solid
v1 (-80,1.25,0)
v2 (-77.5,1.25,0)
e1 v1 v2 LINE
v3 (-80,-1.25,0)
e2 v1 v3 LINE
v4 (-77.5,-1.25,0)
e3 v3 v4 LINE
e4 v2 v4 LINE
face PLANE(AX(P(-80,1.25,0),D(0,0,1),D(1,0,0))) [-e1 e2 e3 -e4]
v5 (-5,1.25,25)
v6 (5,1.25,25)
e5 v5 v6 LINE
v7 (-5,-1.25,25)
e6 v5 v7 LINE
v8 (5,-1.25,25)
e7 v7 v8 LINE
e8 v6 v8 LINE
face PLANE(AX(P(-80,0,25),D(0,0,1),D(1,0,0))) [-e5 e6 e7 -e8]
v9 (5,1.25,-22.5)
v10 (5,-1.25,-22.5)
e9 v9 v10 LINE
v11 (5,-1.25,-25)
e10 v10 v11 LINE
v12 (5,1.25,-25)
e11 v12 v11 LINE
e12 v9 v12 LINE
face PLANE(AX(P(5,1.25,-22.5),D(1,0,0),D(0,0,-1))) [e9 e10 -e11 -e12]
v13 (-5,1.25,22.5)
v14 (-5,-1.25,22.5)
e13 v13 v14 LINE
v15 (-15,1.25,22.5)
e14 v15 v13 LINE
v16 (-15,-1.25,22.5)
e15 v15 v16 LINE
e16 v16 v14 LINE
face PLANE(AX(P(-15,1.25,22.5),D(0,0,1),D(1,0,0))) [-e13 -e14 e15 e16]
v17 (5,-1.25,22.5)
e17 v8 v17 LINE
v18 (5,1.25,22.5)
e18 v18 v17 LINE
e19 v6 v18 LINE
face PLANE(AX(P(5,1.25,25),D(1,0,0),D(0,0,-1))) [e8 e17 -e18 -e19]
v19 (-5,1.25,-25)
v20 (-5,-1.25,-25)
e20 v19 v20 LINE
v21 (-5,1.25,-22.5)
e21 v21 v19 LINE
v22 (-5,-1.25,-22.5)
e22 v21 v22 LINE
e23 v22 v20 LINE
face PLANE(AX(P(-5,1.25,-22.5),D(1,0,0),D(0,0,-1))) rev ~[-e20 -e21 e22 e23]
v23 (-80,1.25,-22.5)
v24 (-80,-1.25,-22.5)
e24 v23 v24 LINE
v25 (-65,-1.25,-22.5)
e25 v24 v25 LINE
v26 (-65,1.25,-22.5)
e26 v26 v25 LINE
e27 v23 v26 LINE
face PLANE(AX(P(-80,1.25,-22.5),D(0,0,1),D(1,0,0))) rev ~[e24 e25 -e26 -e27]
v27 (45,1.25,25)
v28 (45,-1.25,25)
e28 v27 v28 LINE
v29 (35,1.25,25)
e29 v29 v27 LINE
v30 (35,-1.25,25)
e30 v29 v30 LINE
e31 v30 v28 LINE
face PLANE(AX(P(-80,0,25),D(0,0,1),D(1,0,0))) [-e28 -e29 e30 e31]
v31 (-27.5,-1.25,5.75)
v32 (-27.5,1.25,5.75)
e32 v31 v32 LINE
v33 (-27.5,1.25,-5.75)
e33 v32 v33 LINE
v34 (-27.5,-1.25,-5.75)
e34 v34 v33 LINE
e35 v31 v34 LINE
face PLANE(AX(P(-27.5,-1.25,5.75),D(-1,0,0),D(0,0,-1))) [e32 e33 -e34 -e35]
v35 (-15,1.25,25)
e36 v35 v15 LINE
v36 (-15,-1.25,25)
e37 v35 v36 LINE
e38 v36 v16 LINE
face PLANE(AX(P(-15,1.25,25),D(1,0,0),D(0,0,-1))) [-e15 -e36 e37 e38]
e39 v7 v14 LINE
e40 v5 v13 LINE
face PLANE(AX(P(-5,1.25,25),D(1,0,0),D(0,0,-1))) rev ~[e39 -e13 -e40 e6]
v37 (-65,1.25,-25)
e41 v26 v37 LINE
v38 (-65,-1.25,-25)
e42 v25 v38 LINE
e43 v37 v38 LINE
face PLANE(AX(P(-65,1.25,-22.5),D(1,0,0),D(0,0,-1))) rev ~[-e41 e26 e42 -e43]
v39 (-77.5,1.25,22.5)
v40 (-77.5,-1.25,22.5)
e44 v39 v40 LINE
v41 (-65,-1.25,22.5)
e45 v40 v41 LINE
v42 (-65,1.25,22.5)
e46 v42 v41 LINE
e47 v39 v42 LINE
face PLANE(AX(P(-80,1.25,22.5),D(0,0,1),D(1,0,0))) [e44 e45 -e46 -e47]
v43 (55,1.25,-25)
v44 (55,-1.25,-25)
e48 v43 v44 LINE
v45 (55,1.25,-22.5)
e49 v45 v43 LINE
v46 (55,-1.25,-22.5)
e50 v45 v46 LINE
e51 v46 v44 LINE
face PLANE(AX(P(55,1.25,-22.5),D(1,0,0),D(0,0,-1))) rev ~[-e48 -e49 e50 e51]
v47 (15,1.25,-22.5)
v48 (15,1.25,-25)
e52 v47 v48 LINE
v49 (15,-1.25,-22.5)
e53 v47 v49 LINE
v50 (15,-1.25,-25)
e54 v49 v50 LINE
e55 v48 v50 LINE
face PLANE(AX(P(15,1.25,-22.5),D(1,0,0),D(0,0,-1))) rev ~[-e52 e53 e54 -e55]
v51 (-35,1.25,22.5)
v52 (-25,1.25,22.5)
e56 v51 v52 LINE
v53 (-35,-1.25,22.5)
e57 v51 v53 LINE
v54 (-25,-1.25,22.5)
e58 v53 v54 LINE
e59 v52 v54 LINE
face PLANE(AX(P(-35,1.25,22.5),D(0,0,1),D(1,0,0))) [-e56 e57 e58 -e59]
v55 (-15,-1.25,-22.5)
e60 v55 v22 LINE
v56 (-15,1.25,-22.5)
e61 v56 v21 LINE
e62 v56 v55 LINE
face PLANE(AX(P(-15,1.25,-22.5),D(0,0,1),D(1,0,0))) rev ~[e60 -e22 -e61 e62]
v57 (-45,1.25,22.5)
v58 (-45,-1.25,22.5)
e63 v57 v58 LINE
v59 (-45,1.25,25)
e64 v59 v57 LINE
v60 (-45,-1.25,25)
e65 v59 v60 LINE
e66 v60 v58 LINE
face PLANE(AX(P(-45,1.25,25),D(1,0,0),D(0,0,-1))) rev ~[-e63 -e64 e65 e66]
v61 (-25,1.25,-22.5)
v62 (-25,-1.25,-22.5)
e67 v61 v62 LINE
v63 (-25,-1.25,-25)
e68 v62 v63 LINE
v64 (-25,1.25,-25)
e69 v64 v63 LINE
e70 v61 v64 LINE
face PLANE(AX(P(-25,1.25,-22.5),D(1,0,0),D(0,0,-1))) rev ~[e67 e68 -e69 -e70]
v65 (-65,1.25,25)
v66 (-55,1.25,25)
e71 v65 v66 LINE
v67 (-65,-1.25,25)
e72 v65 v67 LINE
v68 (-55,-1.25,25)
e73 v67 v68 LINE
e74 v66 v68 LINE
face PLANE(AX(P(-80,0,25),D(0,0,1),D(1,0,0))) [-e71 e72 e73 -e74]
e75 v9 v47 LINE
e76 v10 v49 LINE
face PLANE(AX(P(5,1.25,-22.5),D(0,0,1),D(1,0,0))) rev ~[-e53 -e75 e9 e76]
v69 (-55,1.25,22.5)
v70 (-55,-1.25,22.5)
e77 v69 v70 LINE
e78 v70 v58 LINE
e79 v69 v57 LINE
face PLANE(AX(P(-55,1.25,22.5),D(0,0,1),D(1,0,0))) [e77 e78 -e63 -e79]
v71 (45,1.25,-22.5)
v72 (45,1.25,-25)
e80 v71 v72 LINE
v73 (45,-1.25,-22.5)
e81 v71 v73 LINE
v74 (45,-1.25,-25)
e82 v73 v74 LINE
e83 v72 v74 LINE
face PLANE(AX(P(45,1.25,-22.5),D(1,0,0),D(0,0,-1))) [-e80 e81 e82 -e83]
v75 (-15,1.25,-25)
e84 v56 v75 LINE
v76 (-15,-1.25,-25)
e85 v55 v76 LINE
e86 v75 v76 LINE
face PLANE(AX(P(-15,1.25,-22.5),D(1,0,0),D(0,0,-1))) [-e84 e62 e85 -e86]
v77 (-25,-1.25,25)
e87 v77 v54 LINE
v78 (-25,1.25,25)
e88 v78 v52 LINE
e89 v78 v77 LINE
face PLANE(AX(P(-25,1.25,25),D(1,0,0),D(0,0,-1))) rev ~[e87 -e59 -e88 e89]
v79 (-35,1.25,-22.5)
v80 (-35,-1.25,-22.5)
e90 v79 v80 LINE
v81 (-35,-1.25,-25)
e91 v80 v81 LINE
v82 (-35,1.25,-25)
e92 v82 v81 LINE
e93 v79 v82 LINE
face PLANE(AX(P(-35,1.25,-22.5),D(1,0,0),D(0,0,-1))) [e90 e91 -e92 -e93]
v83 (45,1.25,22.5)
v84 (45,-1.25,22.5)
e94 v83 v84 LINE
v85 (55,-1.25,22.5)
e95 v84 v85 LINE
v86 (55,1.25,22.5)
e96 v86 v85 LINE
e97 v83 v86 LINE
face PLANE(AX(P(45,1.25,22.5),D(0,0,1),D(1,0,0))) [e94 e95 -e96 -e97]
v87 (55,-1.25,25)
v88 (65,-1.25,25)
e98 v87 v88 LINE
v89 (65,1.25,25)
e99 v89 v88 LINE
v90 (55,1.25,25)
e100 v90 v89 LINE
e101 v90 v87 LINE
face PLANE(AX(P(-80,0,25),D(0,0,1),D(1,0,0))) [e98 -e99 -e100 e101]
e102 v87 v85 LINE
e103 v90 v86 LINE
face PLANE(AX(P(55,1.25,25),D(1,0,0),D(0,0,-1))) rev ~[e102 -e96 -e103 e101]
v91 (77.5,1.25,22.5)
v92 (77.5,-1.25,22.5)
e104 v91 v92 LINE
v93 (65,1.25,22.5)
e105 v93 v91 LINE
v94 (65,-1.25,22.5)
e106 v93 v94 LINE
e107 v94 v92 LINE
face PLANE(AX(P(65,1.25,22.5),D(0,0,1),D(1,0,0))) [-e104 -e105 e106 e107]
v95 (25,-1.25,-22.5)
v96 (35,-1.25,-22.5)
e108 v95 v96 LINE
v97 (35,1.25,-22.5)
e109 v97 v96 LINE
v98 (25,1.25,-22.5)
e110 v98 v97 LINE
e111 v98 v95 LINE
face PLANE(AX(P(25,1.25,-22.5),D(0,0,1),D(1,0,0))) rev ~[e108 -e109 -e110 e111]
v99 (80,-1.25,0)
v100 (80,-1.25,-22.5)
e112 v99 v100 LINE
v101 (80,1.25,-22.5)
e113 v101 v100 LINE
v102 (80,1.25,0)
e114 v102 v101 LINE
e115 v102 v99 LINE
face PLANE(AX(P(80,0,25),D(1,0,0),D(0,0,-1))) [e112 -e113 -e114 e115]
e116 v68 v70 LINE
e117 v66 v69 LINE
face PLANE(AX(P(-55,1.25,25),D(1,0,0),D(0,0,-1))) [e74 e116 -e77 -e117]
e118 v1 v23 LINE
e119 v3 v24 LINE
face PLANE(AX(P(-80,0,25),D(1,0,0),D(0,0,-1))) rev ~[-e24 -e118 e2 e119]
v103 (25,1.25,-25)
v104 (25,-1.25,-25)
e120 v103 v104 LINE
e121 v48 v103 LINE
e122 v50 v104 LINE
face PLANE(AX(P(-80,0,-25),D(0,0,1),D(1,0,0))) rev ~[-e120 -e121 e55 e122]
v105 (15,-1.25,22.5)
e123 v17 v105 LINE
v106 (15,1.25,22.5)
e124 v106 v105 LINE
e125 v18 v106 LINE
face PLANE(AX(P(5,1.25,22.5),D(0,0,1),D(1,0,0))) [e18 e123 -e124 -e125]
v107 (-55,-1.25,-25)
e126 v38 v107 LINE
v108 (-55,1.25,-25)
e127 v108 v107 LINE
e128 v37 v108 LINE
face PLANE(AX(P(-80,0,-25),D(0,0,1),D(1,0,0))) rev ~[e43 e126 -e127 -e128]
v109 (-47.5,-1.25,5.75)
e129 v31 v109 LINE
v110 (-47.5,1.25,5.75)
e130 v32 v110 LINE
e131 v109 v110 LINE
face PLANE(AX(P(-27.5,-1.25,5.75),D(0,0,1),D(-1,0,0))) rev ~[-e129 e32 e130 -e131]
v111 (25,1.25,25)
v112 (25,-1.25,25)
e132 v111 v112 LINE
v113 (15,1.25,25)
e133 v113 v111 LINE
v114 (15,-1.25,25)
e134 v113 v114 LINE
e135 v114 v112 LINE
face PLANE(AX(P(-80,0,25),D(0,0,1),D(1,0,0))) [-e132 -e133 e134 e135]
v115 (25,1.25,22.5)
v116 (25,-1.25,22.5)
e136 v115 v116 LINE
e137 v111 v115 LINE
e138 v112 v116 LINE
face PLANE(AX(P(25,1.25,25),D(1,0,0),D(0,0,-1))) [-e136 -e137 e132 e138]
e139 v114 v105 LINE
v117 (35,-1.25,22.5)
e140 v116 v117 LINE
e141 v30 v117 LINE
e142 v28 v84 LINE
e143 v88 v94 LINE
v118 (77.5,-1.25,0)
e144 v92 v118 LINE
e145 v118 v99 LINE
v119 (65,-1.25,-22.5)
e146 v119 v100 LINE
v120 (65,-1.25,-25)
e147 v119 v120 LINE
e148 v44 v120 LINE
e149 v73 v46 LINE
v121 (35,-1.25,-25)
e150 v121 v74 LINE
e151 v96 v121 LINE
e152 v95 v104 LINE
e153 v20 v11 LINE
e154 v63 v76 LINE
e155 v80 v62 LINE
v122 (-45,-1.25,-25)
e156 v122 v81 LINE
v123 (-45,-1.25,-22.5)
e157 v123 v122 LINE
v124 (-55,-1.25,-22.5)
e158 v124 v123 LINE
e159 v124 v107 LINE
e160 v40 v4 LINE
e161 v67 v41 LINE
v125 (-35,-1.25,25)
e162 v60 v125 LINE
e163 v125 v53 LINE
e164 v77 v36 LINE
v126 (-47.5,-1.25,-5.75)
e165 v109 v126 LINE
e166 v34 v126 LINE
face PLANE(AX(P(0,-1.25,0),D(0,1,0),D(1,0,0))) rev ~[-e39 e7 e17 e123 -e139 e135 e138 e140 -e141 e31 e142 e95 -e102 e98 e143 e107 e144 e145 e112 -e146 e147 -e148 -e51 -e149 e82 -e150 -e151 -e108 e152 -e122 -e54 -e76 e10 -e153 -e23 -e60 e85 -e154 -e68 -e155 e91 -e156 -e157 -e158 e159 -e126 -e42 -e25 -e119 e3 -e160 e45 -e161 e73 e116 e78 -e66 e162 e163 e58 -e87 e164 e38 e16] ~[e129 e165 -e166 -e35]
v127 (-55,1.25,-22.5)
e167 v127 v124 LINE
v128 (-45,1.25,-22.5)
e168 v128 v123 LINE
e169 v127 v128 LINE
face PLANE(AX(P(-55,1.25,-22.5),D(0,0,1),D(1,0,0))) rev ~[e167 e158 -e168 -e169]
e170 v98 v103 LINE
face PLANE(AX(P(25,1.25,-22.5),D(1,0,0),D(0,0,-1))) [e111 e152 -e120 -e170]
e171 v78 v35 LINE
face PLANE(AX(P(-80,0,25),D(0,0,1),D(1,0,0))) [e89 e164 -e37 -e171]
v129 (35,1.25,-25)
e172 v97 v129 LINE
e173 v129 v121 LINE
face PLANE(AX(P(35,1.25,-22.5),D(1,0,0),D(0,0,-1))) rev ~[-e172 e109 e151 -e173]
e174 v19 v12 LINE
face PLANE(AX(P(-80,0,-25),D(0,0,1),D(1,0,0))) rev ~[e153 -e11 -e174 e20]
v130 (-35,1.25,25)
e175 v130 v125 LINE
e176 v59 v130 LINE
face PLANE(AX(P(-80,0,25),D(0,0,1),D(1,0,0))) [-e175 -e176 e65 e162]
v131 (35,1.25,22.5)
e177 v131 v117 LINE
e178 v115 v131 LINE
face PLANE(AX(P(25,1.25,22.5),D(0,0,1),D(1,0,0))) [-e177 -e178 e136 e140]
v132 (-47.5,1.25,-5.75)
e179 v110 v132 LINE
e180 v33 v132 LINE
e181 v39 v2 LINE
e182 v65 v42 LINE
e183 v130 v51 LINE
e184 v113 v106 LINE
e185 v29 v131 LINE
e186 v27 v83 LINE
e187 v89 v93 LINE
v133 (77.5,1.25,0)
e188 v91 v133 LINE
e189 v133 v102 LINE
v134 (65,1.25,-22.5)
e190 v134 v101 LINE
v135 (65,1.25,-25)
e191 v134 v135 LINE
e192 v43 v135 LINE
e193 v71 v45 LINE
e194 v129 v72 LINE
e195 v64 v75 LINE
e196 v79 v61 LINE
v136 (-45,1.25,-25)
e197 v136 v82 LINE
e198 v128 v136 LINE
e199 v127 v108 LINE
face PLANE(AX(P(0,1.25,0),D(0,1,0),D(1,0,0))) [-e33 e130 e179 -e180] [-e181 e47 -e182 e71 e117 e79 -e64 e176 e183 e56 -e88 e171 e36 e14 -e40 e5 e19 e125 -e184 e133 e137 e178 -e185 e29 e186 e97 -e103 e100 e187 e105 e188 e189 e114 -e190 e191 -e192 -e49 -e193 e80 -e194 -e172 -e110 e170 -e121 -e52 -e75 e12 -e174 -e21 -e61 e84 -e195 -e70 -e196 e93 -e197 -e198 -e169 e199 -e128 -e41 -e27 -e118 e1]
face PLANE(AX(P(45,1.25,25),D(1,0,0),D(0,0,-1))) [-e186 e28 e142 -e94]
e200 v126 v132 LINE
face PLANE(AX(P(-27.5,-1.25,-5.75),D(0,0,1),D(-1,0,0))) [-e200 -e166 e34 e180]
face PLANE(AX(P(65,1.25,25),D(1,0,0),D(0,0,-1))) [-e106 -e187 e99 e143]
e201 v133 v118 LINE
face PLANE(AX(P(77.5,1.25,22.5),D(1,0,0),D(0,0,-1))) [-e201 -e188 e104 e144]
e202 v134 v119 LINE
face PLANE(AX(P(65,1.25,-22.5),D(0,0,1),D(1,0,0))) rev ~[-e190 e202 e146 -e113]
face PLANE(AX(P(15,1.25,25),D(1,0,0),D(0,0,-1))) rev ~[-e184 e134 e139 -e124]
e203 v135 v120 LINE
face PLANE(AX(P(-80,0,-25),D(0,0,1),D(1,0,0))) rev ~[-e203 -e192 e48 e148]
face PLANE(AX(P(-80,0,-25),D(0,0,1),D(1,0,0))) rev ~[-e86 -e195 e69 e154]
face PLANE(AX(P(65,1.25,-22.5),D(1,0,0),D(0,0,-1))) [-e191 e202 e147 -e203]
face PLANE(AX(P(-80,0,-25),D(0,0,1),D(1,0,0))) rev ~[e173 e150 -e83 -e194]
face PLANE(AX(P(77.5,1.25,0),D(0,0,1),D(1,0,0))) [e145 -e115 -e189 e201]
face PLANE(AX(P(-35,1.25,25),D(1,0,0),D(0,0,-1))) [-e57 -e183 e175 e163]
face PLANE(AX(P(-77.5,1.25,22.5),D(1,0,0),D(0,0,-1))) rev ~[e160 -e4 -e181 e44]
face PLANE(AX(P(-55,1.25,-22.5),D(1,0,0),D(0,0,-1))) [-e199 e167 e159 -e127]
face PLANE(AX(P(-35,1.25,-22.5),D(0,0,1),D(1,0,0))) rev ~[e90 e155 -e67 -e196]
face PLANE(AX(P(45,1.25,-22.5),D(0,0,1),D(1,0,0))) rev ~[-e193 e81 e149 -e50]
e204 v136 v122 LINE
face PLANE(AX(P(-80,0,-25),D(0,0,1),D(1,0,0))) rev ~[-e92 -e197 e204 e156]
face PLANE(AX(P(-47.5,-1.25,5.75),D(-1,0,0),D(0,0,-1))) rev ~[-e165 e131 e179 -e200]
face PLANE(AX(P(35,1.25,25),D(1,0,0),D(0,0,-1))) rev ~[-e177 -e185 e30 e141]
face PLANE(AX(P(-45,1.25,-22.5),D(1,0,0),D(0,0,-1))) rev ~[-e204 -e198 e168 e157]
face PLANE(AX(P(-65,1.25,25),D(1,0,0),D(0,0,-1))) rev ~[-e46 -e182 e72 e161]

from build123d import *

# Parameters (mm, degrees)
SKETCH1_W           = 160
SKETCH1_H           = 50
BOSS_EXTRUDE1_DEPTH = 1.25
SKETCH2_W           = 10
SKETCH2_H           = 2.5
SKETCH2_W_2         = 15
CUT_EXTRUDE1_DEPTH  = 4
SKETCH3_W           = 2.5
SKETCH3_H           = 22.5
CUT_EXTRUDE2_DEPTH  = 84.852549156
CUT_EXTRUDE3_REACH  = 85.853
SKETCH4_W           = 20
SKETCH4_H           = 11.5


with BuildPart() as part:
    # Sketch1 → Boss-Extrude1 (new, symmetric)
    with BuildSketch(Plane(origin=(0, 0, 0), x_dir=(1, 0, 0), z_dir=(0, 1, 0))):
        Rectangle(SKETCH1_W, SKETCH1_H)
    extrude(amount=BOSS_EXTRUDE1_DEPTH, both=True)

    # Sketch2 → Cut-Extrude1 (cut)
    with BuildSketch(Plane(origin=(0, 1.25, 0), x_dir=(1, 0, 0), z_dir=(0, 1, 0))):
        with Locations((30, 23.75)):
            Rectangle(SKETCH2_W, SKETCH2_H)
        with Locations((10, 23.75)):
            Rectangle(SKETCH2_W, SKETCH2_H)
        with Locations((10, -23.75)):
            Rectangle(SKETCH2_W, SKETCH2_H)
        with Locations((30, -23.75)):
            Rectangle(SKETCH2_W, SKETCH2_H)
        with Locations((50, 23.75)):
            Rectangle(SKETCH2_W, SKETCH2_H)
        with Locations((50, -23.75)):
            Rectangle(SKETCH2_W, SKETCH2_H)
        with Locations((-10, 23.75)):
            Rectangle(SKETCH2_W, SKETCH2_H)
        with Locations((-10, -23.75)):
            Rectangle(SKETCH2_W, SKETCH2_H)
        with Locations((-30, 23.75)):
            Rectangle(SKETCH2_W, SKETCH2_H)
        with Locations((-30, -23.75)):
            Rectangle(SKETCH2_W, SKETCH2_H)
        with Locations((-50, 23.75)):
            Rectangle(SKETCH2_W, SKETCH2_H)
        with Locations((-50, -23.75)):
            Rectangle(SKETCH2_W, SKETCH2_H)
        with Locations((72.5, 23.75)):
            Rectangle(SKETCH2_W_2, SKETCH2_H)
        with Locations((72.5, -23.75)):
            Rectangle(SKETCH2_W_2, SKETCH2_H)
        with Locations((-72.5, 23.75)):
            Rectangle(SKETCH2_W_2, SKETCH2_H)
        with Locations((-72.5, -23.75)):
            Rectangle(SKETCH2_W_2, SKETCH2_H)
    extrude(amount=-CUT_EXTRUDE1_DEPTH, mode=Mode.SUBTRACT)

    # Sketch3 → Cut-Extrude2 (cut, through all)
    with BuildSketch(Plane(origin=(0, 1.25, 0), x_dir=(1, 0, 0), z_dir=(0, 1, 0))):
        with Locations((78.75, -11.25)):
            Rectangle(SKETCH3_W, SKETCH3_H)
        with Locations((-78.75, -11.25)):
            Rectangle(SKETCH3_W, SKETCH3_H)
    extrude(amount=-CUT_EXTRUDE2_DEPTH, mode=Mode.SUBTRACT)

    # Sketch4 → Cut-Extrude3 (cut, up to next)
    with BuildSketch(Plane(origin=(0, -1.25, 0), x_dir=(-1, 0, 0), z_dir=(0, -1, 0)), mode=Mode.PRIVATE) as cut_extrude3_sk1:
        with Locations((37.5, 0)):
            Rectangle(SKETCH4_W, SKETCH4_H)
    cut_extrude3_tool1 = extrude(cut_extrude3_sk1.sketch, amount=-CUT_EXTRUDE3_REACH, mode=Mode.PRIVATE) & part.part
    add(cut_extrude3_tool1.solids().sort_by_distance((-37.5, -1.25, 0))[0], mode=Mode.SUBTRACT)


solid = part.part
